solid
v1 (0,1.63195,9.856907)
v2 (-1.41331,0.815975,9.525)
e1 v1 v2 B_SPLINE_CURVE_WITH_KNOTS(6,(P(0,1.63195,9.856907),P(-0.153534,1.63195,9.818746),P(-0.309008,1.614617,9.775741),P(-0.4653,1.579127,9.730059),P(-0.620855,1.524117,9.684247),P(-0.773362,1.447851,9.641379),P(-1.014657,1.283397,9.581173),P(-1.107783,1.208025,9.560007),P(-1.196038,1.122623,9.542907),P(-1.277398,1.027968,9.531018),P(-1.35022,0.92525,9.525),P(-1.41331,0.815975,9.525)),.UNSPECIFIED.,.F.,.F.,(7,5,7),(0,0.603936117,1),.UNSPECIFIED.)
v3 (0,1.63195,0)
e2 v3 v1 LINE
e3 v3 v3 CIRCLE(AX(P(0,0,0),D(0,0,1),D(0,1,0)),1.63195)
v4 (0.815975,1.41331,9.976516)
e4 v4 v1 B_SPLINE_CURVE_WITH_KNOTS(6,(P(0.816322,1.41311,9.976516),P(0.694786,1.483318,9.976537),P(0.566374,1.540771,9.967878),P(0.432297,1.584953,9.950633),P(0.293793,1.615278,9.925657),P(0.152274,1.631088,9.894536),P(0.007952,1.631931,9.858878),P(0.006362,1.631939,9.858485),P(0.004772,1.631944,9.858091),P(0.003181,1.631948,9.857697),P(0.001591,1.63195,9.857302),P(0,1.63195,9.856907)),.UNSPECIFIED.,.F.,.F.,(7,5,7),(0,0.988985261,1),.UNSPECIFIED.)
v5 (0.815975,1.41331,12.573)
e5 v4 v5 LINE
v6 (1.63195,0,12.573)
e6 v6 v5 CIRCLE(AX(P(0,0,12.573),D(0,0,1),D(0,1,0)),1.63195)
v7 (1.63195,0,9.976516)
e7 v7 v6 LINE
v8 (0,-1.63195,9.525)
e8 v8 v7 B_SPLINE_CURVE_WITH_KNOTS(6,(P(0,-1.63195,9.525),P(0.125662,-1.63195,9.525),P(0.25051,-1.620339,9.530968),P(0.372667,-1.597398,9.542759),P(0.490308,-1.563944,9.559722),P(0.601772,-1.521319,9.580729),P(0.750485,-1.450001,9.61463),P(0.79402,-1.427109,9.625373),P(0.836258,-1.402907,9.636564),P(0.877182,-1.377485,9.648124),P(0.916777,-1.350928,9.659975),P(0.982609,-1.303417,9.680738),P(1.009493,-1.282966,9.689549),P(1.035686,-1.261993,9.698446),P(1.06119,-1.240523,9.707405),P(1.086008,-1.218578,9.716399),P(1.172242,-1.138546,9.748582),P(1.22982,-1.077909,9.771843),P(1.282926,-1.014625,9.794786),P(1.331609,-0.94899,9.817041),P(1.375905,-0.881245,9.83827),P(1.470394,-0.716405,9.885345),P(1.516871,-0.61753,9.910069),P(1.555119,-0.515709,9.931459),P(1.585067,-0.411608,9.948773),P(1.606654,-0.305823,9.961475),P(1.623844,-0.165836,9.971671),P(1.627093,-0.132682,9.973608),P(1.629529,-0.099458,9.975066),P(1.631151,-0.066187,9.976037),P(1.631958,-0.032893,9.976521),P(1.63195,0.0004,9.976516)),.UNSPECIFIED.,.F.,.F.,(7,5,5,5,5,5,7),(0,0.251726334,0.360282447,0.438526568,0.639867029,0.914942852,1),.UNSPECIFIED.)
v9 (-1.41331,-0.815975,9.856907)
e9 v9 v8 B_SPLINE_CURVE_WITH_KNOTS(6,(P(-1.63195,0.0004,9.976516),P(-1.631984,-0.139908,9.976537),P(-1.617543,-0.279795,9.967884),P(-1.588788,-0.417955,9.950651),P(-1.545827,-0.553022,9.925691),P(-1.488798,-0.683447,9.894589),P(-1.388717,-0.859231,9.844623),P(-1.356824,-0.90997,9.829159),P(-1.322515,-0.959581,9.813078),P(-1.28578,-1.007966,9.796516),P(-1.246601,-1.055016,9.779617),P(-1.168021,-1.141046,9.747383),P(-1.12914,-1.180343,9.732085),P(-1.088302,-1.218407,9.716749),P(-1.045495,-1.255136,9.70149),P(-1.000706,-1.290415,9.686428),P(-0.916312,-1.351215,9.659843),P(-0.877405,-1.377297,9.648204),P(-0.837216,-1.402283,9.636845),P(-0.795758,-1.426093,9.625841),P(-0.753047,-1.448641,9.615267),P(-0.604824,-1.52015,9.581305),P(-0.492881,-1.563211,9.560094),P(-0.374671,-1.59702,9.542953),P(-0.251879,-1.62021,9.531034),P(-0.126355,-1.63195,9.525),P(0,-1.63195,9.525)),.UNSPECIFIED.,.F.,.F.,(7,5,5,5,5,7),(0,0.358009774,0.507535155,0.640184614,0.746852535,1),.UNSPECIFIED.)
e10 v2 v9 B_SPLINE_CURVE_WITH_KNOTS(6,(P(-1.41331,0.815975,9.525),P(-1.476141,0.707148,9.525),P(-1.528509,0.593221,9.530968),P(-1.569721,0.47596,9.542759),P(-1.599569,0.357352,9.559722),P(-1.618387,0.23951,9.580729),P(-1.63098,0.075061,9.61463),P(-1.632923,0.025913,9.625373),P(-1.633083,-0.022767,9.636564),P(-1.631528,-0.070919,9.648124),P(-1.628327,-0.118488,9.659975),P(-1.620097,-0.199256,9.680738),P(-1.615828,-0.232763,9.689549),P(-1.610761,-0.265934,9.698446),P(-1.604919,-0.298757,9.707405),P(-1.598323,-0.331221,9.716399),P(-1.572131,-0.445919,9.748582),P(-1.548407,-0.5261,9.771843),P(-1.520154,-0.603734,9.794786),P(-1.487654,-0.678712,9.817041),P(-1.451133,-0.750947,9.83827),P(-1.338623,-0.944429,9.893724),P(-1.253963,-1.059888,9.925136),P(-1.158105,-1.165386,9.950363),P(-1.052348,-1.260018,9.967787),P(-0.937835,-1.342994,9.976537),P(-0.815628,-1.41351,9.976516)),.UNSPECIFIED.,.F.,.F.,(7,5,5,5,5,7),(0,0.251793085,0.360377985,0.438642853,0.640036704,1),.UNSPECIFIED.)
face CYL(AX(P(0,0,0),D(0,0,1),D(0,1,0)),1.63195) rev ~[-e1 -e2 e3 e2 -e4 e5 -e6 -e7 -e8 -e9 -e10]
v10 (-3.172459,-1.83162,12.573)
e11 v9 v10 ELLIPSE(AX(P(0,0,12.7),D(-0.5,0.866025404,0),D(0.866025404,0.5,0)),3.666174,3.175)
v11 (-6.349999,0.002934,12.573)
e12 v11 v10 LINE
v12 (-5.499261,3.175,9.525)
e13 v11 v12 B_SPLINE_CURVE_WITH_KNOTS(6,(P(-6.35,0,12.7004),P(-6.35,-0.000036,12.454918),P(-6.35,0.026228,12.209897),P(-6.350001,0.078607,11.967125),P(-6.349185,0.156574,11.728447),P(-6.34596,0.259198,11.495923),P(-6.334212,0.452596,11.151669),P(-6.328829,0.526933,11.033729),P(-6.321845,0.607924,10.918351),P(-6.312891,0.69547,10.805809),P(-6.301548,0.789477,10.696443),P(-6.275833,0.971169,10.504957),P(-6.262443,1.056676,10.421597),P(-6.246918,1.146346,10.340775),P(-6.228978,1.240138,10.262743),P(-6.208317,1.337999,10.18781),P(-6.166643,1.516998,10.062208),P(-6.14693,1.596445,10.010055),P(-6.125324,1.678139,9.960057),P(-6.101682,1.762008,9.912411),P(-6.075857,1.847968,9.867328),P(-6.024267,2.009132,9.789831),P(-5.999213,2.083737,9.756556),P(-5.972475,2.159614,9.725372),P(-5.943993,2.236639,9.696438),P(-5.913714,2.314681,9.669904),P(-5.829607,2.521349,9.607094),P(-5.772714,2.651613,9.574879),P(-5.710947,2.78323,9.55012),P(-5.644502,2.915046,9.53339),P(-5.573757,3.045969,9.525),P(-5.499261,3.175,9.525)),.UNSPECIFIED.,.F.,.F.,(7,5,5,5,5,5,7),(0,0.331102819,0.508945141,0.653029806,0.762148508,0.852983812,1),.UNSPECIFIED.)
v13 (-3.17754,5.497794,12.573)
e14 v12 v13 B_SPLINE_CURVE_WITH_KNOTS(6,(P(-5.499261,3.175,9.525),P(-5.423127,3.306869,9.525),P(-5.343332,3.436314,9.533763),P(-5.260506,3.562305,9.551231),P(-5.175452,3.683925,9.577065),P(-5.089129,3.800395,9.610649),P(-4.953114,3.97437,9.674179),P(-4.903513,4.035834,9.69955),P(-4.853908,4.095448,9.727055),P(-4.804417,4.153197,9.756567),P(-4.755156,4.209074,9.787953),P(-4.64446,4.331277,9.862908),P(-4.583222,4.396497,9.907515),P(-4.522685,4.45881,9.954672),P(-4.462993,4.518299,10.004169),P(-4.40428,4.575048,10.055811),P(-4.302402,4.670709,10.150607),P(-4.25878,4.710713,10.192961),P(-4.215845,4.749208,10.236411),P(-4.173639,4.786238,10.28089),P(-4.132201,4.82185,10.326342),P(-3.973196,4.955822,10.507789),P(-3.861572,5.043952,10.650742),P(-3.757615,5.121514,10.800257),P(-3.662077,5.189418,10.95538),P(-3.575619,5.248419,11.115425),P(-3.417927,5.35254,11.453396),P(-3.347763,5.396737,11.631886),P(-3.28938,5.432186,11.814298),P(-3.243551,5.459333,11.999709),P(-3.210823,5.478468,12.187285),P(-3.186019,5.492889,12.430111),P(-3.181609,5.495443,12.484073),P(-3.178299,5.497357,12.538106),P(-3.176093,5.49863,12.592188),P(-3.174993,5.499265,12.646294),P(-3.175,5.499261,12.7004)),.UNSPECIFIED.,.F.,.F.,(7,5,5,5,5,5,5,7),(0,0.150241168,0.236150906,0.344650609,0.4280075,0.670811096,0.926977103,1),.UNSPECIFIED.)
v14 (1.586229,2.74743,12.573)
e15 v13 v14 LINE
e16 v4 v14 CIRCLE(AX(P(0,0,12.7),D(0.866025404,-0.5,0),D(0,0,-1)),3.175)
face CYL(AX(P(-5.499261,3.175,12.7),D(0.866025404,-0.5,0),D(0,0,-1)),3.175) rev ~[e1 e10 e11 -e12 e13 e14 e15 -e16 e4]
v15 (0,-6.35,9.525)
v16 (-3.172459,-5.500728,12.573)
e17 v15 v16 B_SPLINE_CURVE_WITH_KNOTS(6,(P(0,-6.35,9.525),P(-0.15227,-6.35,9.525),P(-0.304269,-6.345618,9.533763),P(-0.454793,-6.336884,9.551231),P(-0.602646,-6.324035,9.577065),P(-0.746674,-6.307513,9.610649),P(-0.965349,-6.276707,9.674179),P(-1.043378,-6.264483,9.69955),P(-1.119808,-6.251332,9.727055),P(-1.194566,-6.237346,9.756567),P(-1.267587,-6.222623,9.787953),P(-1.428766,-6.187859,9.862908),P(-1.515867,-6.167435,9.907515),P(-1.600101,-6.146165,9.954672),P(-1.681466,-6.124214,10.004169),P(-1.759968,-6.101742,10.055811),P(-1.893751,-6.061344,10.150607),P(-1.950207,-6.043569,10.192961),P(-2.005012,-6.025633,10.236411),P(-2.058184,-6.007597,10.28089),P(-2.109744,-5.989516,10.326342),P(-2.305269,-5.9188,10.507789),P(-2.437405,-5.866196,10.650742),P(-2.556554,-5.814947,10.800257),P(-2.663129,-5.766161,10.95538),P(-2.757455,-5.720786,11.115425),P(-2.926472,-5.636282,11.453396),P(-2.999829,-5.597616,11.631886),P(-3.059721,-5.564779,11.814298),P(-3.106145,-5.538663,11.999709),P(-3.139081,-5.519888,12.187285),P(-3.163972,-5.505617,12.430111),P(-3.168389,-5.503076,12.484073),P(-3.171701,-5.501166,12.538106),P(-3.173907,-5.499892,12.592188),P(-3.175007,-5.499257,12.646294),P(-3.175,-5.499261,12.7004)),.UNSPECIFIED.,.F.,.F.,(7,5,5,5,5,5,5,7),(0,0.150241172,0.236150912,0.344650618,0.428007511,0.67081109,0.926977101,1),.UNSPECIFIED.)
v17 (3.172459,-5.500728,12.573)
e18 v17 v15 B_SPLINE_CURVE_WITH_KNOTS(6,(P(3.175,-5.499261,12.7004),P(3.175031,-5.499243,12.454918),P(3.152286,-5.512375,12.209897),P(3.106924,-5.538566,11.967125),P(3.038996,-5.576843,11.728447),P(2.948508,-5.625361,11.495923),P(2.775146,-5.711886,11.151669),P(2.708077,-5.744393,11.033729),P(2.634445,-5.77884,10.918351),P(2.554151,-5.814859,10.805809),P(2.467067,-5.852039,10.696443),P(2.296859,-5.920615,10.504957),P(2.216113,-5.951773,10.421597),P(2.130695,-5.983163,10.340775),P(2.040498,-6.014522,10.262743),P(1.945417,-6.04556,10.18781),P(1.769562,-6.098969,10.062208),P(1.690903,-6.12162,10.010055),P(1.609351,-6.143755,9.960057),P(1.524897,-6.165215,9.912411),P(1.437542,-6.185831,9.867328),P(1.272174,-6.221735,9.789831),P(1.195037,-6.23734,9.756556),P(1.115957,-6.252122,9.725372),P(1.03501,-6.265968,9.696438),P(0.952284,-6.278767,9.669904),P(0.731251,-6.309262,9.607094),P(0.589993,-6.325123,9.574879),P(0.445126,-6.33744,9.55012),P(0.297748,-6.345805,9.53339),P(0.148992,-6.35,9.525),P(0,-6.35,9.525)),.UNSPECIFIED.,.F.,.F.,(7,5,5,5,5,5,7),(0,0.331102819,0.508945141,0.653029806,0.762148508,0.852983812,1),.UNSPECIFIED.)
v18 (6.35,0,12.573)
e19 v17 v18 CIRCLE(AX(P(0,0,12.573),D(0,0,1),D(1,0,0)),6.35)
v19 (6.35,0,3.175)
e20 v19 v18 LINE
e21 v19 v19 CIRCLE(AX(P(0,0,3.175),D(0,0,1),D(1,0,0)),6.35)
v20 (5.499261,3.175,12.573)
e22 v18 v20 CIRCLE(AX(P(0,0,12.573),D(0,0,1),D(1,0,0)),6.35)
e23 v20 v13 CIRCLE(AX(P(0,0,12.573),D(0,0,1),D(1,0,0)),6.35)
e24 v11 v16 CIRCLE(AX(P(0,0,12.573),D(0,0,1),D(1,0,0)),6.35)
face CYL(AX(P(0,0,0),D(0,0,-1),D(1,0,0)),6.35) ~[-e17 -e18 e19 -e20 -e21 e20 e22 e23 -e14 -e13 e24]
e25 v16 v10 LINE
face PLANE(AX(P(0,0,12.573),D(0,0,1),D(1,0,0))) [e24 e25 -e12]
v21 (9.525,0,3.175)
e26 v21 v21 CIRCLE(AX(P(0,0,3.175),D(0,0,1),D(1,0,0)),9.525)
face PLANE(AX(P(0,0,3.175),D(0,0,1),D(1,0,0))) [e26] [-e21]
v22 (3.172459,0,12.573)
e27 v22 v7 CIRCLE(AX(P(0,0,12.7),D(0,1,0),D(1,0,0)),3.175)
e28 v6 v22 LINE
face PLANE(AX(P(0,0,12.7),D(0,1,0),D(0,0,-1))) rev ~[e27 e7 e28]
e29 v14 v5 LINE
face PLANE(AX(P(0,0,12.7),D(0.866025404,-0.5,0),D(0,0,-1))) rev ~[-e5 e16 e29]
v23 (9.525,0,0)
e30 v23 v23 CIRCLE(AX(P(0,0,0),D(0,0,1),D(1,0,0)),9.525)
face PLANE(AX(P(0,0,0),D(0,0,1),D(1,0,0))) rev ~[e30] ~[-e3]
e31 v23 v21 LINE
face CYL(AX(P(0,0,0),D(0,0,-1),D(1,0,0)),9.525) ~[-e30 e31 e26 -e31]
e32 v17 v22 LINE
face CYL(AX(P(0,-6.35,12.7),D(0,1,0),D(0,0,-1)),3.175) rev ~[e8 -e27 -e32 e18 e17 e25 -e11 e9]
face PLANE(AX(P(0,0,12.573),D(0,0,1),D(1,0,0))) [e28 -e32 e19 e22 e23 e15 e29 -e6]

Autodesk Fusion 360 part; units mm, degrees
sketch "Sketch1" plane through (0, 0, 0) normal (0, 0, 1) x (1, 0, 0)
  circle A0 centre (0, 0) radius 6.35
  circle A1 centre (0, 0) radius 9.525
  dimension "d1" = 12.7
  dimension "d24" = 19.05
extrude "Extrude1" add sketch "Sketch1" along normal blind 12.7 contours A0
ref_plane "WorkPlane1" through (0, -6.35, 16.0163) normal (0, -1, 0) x (-1, 0, 0)
sketch "Sketch2" plane through (0, -6.35, 16.0163) normal (0, -1, 0) x (1, 0, 0)
  line L0 (6.35, -3.3163) -> (-6.35, -3.3163)
  line L1 (6.35, -16.0163) -> (-6.35, -16.0163)
  point P0 (0, -3.3163)
ref_plane "WorkPlane2" through (0, 0, 9.525) normal (0, 0, 1) x (1, 0, 0)
sketch "Sketch4" plane through (0, 0, 9.525) normal (0, 0, 1) x (1, 0, 0)
  circle A0 centre (0, 0) radius 6.35
  line L0 (0, 0) -> (0, -6.35) construction
  line L1 (0, 0) -> (5.4993, 3.175) construction
  line L2 (0, 0) -> (-5.4993, 3.175) construction
  dimension "d22" = 360
hole "Hole1" at (0, -6.35, 12.7) direction (0, 1, 0) diameter 6.35 depth 6.35 tip angle 180
pattern_circular "C-Pattern1" count 3 over 360 about axis through (0, 0, 0) along (0, 0, 1) of "Hole1"
extrude "Extrude2" cut sketch "Sketch4" against normal blind 0.127 from surface at 3.175
hole "Hole2" at (0, 0, 0) direction (0, 0, 1) diameter 3.2639 depth 12.573 tip angle 180
extrude "Extrude3" add sketch "Sketch1" along normal blind 3.175
equation "d5 = d1 / 2"
